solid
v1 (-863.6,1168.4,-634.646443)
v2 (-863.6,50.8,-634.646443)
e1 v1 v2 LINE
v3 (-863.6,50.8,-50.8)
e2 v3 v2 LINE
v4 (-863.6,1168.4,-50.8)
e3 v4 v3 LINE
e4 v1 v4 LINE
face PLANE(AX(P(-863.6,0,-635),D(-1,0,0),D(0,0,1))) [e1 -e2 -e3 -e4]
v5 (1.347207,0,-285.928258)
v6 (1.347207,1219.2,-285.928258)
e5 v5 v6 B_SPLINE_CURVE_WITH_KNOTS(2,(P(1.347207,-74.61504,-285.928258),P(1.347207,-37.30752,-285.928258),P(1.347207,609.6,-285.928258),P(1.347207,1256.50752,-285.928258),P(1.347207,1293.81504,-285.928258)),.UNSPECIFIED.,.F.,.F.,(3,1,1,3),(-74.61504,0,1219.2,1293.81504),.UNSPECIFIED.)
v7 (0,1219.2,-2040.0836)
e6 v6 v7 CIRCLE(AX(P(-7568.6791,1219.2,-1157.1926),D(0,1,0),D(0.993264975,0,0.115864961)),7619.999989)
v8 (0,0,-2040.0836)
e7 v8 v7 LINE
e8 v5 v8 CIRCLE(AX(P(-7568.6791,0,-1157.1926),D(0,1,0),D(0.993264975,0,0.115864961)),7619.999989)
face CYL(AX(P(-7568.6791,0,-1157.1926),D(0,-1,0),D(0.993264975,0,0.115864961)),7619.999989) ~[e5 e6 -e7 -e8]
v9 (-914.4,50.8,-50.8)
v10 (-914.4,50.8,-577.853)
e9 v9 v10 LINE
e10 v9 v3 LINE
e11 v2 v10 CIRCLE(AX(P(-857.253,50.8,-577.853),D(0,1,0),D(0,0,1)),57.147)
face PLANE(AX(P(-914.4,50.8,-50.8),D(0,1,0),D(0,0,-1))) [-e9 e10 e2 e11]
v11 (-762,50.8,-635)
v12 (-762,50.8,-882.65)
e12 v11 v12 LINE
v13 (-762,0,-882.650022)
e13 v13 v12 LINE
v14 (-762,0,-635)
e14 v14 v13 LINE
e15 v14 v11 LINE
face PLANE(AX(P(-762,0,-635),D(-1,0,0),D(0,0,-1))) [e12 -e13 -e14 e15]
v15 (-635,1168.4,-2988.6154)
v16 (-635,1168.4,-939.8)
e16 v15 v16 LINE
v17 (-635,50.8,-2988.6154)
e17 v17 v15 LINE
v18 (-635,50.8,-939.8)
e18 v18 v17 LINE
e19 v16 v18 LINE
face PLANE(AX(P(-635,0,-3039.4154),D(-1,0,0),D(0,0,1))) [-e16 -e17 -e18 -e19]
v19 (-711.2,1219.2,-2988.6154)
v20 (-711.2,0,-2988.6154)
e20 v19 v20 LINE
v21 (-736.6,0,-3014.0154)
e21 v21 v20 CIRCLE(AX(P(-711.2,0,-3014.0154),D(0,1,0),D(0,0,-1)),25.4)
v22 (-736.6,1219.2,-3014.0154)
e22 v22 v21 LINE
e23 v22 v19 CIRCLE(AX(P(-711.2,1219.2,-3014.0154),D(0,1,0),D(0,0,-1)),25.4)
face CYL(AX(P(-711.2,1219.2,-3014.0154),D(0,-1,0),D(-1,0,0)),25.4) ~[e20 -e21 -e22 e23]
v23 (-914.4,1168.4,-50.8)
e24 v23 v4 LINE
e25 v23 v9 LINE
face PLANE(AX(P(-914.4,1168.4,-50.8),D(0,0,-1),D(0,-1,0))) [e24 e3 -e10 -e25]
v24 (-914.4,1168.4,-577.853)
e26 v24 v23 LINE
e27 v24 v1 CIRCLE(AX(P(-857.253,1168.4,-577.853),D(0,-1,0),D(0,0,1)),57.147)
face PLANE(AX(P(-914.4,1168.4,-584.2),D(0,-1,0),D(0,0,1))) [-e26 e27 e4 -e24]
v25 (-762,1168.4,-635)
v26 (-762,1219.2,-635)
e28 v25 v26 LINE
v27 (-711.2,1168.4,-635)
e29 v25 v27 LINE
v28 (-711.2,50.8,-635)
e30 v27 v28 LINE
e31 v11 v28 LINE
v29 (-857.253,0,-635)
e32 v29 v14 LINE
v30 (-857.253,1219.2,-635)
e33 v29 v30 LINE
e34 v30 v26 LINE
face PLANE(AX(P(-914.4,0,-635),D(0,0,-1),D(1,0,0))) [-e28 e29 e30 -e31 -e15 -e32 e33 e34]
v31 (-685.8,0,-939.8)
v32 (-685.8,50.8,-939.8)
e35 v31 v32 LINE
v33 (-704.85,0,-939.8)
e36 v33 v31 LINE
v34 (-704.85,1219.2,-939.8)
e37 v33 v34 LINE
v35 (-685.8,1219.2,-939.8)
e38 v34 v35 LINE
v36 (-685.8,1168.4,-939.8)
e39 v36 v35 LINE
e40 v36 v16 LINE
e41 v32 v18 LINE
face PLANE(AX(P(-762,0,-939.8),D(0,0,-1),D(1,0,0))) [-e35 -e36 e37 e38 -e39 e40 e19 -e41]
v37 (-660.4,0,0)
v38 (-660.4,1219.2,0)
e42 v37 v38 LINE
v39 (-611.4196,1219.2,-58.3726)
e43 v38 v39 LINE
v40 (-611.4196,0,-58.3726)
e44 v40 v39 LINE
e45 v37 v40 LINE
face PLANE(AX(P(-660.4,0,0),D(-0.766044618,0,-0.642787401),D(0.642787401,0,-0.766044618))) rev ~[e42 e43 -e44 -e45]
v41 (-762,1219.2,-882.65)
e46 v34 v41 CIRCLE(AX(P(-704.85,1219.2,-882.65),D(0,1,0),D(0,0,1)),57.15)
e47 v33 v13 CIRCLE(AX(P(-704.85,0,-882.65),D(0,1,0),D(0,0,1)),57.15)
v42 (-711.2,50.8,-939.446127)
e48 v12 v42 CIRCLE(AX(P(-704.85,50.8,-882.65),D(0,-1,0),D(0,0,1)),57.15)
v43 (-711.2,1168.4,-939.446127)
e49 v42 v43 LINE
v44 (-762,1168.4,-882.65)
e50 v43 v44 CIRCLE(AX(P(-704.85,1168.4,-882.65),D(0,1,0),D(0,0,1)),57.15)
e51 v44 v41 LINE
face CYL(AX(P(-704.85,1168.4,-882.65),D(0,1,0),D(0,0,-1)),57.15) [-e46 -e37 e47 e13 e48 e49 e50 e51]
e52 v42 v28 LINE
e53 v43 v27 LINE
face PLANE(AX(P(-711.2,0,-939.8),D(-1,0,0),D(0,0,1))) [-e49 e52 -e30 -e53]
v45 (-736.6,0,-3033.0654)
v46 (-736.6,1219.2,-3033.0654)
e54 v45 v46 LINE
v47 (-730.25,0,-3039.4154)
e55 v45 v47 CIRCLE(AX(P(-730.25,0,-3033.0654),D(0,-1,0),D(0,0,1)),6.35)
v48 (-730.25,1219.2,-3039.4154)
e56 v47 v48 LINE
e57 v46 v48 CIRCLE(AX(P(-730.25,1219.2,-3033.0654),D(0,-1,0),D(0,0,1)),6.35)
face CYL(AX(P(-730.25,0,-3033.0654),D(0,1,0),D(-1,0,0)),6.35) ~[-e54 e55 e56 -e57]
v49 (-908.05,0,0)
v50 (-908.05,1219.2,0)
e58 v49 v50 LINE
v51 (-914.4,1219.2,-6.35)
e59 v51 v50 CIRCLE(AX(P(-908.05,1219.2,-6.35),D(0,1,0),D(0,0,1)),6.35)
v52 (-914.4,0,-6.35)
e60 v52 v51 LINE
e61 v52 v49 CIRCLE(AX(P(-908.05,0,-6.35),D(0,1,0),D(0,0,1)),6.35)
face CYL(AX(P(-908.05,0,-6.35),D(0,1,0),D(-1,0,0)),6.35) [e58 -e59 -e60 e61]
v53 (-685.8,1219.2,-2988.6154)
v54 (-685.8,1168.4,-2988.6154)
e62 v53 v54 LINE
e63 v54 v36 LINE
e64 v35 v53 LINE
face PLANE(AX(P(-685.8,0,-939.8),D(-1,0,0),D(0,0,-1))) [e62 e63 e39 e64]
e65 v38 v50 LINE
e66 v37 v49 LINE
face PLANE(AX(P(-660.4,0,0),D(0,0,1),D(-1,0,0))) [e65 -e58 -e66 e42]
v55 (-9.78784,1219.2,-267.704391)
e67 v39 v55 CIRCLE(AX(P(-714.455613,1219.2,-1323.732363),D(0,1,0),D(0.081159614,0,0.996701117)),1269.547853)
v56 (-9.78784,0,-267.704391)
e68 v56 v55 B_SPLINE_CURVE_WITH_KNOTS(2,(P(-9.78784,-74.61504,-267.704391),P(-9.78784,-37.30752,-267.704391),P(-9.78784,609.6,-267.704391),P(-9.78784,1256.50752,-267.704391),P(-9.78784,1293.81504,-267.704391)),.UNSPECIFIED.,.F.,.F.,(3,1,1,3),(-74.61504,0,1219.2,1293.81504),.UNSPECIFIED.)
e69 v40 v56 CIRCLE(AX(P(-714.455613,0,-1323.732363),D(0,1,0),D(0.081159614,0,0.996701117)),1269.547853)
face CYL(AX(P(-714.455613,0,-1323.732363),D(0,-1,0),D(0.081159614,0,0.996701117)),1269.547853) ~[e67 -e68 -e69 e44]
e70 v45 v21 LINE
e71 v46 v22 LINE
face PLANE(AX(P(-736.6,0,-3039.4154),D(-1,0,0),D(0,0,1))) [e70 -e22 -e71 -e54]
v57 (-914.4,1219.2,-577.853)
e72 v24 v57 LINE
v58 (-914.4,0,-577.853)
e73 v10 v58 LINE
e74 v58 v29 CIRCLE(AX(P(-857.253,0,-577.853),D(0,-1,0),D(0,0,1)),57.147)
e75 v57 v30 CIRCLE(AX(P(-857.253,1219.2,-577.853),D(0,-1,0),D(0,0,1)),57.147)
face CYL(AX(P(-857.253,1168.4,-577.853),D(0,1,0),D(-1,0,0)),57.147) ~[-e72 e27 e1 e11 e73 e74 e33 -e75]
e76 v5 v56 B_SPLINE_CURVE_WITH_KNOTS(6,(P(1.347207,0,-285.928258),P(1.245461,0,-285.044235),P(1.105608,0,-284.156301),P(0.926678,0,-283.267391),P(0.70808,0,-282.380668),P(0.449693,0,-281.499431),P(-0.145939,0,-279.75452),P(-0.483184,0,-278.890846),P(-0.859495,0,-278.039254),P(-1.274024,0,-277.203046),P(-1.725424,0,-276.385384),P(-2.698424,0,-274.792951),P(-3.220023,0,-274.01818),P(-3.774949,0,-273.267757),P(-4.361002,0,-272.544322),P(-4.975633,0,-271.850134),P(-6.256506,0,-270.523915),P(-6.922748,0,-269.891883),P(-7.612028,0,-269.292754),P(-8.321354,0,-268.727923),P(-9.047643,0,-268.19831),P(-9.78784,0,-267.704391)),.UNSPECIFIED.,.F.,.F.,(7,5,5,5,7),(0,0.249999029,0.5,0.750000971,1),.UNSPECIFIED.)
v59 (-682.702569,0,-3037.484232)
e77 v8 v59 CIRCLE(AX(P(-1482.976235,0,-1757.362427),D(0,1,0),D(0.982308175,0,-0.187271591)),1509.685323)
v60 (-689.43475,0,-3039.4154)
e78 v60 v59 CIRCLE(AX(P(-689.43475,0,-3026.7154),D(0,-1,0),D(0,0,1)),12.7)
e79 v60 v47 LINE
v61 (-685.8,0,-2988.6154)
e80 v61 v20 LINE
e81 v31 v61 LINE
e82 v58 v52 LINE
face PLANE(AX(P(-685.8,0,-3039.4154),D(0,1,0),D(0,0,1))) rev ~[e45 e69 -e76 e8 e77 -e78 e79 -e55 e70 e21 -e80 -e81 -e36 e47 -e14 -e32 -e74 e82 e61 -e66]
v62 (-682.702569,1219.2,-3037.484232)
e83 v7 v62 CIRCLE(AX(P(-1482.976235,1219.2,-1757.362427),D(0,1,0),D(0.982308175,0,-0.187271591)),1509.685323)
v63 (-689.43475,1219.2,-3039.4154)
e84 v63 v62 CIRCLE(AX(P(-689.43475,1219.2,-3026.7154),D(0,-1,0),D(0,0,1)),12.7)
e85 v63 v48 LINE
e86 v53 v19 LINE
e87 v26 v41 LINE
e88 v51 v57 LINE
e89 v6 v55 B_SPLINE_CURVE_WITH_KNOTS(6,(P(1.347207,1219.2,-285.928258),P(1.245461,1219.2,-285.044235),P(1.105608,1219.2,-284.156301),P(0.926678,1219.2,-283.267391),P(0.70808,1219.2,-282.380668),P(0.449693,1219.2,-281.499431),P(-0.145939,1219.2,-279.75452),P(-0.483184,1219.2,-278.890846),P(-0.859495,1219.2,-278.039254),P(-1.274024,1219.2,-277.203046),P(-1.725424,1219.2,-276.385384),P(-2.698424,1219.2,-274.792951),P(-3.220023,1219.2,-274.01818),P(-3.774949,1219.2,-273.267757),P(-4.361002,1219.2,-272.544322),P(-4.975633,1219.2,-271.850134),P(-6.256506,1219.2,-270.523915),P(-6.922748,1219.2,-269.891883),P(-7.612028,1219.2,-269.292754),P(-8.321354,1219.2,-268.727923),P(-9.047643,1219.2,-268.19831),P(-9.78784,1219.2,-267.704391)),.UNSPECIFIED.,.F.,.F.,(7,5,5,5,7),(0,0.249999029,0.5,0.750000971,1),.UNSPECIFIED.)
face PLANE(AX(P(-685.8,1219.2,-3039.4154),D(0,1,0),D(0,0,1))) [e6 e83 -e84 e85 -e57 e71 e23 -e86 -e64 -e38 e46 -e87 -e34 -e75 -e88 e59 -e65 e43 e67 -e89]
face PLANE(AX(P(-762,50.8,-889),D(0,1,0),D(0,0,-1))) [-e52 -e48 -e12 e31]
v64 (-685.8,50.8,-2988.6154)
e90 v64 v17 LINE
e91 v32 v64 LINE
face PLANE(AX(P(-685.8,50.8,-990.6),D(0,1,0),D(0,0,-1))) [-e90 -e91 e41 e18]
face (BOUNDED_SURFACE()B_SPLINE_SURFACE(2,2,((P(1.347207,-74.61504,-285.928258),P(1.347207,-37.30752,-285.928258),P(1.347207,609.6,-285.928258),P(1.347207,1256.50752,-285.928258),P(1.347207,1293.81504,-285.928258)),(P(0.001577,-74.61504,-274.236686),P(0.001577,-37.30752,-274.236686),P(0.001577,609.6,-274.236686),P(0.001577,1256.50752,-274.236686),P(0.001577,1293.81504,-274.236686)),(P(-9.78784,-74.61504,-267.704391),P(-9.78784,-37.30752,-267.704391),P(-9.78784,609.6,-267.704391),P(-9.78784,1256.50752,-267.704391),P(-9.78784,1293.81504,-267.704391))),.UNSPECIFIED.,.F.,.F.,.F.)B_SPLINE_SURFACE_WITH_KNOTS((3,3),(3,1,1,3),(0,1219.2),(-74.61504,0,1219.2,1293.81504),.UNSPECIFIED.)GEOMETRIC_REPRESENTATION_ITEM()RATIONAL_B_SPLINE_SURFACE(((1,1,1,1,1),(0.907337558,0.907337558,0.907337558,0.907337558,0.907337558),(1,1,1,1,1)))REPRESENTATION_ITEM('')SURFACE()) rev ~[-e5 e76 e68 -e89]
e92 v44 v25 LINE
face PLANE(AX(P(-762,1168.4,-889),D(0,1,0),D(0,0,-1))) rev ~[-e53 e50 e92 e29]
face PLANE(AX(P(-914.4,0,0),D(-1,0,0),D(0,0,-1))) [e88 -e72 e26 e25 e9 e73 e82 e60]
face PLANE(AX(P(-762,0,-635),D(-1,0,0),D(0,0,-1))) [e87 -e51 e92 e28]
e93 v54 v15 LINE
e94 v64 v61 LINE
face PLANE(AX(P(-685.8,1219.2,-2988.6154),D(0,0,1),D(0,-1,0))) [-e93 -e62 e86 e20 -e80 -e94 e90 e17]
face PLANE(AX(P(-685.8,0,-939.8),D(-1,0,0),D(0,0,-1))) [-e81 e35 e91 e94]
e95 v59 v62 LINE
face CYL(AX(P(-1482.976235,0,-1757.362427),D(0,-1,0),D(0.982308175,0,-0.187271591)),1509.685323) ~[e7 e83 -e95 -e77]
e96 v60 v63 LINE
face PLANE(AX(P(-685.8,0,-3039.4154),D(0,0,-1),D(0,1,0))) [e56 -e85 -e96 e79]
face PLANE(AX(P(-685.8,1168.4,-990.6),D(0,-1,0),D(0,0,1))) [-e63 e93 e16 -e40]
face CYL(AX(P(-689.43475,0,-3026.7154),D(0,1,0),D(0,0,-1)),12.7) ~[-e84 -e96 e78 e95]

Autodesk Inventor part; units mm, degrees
ref_plane "YZ Plane" through (0, 0, 0) normal (1, 0, 0) x (0, 1, 0)
ref_plane "XZ Plane" through (0, 0, 0) normal (0, 1, 0) x (-1, 0, 0)
ref_plane "XY Plane" through (0, 0, 0) normal (0, 0, 1) x (1, 0, 0)
sketch "Sketch1" plane through (0, 0, 0) normal (0, 1, 0) x (-1, 0, 0)
  line L0 (0, 0) -> (914.4, 0)
  line L1 (914.4, 0) -> (914.4, -70.0282)
  line L2 (0, 0) -> (508, 0)
  line L3 (914.4, 0) -> (660.4, 0)
  line L4 (660.4, 0) -> (611.4196, -58.3726)
  arc A0 (611.4196, -58.3726) -> (0, -274.3016) centre (714.4556, -1323.7323) ccw
  arc A1 (0, -2040.0836) -> (685.8, -3039.4154) centre (1482.9763, -1757.3624) ccw
  arc A2 (0, -274.3016) -> (0, -2040.0836) centre (7568.6791, -1157.1926) ccw
  line L5 (914.4, 0) -> (660.4, 0)
  line L6 (914.4, 0) -> (914.4, -635)
  line L7 (914.4, -635) -> (762, -635)
  line L8 (762, -635) -> (762, -939.8)
  line L9 (762, -939.8) -> (685.8, -939.8)
  line L10 (685.8, -939.8) -> (685.8, -3039.4154)
  dimension "d1" = 3048
  dimension "d2" = 508
  dimension "d11" = 76.2
  dimension "d12" = 130
  dimension "d14" = 7620
  dimension "d15" = 635
  dimension "d16" = 152.4
  dimension "d17" = 304.8
  dimension "d18" = 76.2
extrude "Extrusion1" add sketch "Sketch1" along normal blind 1219.2
sketch "Sketch3" plane through (-914.4, 0, -635) normal (-1, 0, 0) x (0, 0, 1)
  line L0 (0, 0) -> (635, 0) projected
  line L1 (0, 0) -> (0, 1219.2) projected
  line L2 (635, 0) -> (0, 0)
  line L3 (0, 0) -> (0, 1219.2)
  line L4 (0, 1219.2) -> (635, 1219.2)
  line L5 (635, 1219.2) -> (635, 0)
  line L6 (584.2, 50.8) -> (50.8, 50.8)
  line L7 (50.8, 1168.4) -> (584.2, 1168.4)
  line L8 (584.2, 1168.4) -> (584.2, 50.8)
  line L9 (50.8, 50.8) -> (0, 50.8)
  line L10 (0, 0) -> (0, 1219.2) projected
  line L11 (0, 50.8) -> (0, 1168.4)
  line L12 (50.8, 1168.4) -> (0, 1168.4)
  point P0 (0, 1168.4)
  dimension "d24" = 50.8
extrude "Extrusion3" cut sketch "Sketch3" against normal blind 50.8 contours L1 L12 L7 L8 L6 L9
sketch "Sketch4" plane through (-762, 0, -939.8) normal (-1, 0, 0) x (0, 0, 1)
  line L0 (0, 1219.2) -> (304.8, 1219.2) projected
  line L1 (304.8, 0) -> (0, 0)
  line L2 (0, 0) -> (0, 1219.2)
  line L3 (0, 1219.2) -> (304.8, 1219.2)
  line L4 (304.8, 1219.2) -> (304.8, 0)
  line L5 (254, 50.8) -> (50.8, 50.8)
  line L6 (50.8, 1168.4) -> (254, 1168.4)
  line L7 (50.8, 1168.4) -> (0, 1168.4)
  line L8 (0, 0) -> (0, 1219.2) projected
  line L9 (50.8, 50.8) -> (0, 50.8)
  line L10 (0, 50.8) -> (0, 1168.4)
  line L11 (254, 50.8) -> (304.8, 50.8)
  line L12 (304.8, 50.8) -> (304.8, 1168.4)
  line L13 (304.8, 0) -> (304.8, 1219.2) projected
  line L14 (254, 1168.4) -> (304.8, 1168.4)
  point P0 (939.8, 0)
extrude "Extrusion4" cut sketch "Sketch4" against normal blind 50.8 contours L7 L6 L14 L4 L11 L5 L9 L2
sketch "Sketch5" plane through (-685.8, 0, -3039.4154) normal (-1, 0, 0) x (0, 0, 1)
  line L0 (0, 1219.2) -> (2099.6154, 1219.2) projected
  line L1 (2099.6154, 0) -> (0, 0)
  line L2 (0, 0) -> (0, 1219.2)
  line L3 (0, 1219.2) -> (2099.6154, 1219.2)
  line L4 (2099.6154, 1219.2) -> (2099.6154, 0)
  line L5 (2048.8154, 50.8) -> (50.8, 50.8)
  line L6 (50.8, 50.8) -> (50.8, 1168.4)
  line L7 (50.8, 1168.4) -> (2048.8154, 1168.4)
  line L8 (2048.8154, 50.8) -> (2099.6154, 50.8)
  line L9 (2099.6154, 0) -> (2099.6154, 1219.2) projected
  line L10 (2099.6154, 1168.4) -> (2099.6154, 1219.2) projected
  line L11 (2048.8154, 1168.4) -> (2099.6154, 1168.4)
  line L12 (2099.6154, 1168.4) -> (2099.6154, 50.8)
  point P0 (3039.4154, 0)
extrude "Extrusion5" cut sketch "Sketch5" against normal blind 50.8 contours L4 L8 L5 L6 L7 L11
sketch "Sketch6" plane through (-685.8, 0, -3039.4154) normal (-1, 0, 0) x (0, 0, 1)
  line L0 (0, 0) -> (0, 1219.2) projected
  line L1 (0, 0) -> (2099.6154, 0) projected
  line L2 (0, 1219.2) -> (50.8, 1219.2)
  line L3 (50.8, 1219.2) -> (50.8, 0)
  line L4 (50.8, 0) -> (0, 0)
  line L5 (0, 0) -> (0, 1219.2)
  point P0 (3039.4154, 0)
  dimension "d33" = 50.8
extrude "Extrusion6" add sketch "Sketch6" along normal blind 50.8
fillet "Fillet1" radius 25.4 1 edges at (-736.6, 609.6, -2988.6154)
fillet "Fillet2" radius 6.35 1 edges at (-736.6, 609.6, -3039.4154)
fillet "Fillet3" radius 12.7 1 edges at (-685.8, 609.6, -3039.4154)
fillet "Fillet4" radius 25.4 1 edges at (0, 609.6, -274.3016)
fillet "Fillet5" radius 57.15 1 edges at (-914.4, 1193.8, -635)
fillet "Fillet6" radius 57.15 1 edges at (-762, 1193.8, -939.8)
fillet "Fillet7" radius 6.35 1 edges at (-914.4, 609.6, 0)
ref_plane "Work Plane1" through (26.7091, 0, -1757.3624) normal (-1, 0, 0) x (0, -1, 0)
sketch "Sketch8" plane through (26.7091, 0, -1757.3624) normal (-1, 0, 0) x (0, -1, 0)
  point P0 (0, 1757.3624)
ref_plane "Work Plane2" through (-760.6909, 0, -1757.3624) normal (-1, 0, 0) x (0, -1, 0)
properties part number "ShipDesign-ver2-1111-2021" material "Wood (Oak)"
